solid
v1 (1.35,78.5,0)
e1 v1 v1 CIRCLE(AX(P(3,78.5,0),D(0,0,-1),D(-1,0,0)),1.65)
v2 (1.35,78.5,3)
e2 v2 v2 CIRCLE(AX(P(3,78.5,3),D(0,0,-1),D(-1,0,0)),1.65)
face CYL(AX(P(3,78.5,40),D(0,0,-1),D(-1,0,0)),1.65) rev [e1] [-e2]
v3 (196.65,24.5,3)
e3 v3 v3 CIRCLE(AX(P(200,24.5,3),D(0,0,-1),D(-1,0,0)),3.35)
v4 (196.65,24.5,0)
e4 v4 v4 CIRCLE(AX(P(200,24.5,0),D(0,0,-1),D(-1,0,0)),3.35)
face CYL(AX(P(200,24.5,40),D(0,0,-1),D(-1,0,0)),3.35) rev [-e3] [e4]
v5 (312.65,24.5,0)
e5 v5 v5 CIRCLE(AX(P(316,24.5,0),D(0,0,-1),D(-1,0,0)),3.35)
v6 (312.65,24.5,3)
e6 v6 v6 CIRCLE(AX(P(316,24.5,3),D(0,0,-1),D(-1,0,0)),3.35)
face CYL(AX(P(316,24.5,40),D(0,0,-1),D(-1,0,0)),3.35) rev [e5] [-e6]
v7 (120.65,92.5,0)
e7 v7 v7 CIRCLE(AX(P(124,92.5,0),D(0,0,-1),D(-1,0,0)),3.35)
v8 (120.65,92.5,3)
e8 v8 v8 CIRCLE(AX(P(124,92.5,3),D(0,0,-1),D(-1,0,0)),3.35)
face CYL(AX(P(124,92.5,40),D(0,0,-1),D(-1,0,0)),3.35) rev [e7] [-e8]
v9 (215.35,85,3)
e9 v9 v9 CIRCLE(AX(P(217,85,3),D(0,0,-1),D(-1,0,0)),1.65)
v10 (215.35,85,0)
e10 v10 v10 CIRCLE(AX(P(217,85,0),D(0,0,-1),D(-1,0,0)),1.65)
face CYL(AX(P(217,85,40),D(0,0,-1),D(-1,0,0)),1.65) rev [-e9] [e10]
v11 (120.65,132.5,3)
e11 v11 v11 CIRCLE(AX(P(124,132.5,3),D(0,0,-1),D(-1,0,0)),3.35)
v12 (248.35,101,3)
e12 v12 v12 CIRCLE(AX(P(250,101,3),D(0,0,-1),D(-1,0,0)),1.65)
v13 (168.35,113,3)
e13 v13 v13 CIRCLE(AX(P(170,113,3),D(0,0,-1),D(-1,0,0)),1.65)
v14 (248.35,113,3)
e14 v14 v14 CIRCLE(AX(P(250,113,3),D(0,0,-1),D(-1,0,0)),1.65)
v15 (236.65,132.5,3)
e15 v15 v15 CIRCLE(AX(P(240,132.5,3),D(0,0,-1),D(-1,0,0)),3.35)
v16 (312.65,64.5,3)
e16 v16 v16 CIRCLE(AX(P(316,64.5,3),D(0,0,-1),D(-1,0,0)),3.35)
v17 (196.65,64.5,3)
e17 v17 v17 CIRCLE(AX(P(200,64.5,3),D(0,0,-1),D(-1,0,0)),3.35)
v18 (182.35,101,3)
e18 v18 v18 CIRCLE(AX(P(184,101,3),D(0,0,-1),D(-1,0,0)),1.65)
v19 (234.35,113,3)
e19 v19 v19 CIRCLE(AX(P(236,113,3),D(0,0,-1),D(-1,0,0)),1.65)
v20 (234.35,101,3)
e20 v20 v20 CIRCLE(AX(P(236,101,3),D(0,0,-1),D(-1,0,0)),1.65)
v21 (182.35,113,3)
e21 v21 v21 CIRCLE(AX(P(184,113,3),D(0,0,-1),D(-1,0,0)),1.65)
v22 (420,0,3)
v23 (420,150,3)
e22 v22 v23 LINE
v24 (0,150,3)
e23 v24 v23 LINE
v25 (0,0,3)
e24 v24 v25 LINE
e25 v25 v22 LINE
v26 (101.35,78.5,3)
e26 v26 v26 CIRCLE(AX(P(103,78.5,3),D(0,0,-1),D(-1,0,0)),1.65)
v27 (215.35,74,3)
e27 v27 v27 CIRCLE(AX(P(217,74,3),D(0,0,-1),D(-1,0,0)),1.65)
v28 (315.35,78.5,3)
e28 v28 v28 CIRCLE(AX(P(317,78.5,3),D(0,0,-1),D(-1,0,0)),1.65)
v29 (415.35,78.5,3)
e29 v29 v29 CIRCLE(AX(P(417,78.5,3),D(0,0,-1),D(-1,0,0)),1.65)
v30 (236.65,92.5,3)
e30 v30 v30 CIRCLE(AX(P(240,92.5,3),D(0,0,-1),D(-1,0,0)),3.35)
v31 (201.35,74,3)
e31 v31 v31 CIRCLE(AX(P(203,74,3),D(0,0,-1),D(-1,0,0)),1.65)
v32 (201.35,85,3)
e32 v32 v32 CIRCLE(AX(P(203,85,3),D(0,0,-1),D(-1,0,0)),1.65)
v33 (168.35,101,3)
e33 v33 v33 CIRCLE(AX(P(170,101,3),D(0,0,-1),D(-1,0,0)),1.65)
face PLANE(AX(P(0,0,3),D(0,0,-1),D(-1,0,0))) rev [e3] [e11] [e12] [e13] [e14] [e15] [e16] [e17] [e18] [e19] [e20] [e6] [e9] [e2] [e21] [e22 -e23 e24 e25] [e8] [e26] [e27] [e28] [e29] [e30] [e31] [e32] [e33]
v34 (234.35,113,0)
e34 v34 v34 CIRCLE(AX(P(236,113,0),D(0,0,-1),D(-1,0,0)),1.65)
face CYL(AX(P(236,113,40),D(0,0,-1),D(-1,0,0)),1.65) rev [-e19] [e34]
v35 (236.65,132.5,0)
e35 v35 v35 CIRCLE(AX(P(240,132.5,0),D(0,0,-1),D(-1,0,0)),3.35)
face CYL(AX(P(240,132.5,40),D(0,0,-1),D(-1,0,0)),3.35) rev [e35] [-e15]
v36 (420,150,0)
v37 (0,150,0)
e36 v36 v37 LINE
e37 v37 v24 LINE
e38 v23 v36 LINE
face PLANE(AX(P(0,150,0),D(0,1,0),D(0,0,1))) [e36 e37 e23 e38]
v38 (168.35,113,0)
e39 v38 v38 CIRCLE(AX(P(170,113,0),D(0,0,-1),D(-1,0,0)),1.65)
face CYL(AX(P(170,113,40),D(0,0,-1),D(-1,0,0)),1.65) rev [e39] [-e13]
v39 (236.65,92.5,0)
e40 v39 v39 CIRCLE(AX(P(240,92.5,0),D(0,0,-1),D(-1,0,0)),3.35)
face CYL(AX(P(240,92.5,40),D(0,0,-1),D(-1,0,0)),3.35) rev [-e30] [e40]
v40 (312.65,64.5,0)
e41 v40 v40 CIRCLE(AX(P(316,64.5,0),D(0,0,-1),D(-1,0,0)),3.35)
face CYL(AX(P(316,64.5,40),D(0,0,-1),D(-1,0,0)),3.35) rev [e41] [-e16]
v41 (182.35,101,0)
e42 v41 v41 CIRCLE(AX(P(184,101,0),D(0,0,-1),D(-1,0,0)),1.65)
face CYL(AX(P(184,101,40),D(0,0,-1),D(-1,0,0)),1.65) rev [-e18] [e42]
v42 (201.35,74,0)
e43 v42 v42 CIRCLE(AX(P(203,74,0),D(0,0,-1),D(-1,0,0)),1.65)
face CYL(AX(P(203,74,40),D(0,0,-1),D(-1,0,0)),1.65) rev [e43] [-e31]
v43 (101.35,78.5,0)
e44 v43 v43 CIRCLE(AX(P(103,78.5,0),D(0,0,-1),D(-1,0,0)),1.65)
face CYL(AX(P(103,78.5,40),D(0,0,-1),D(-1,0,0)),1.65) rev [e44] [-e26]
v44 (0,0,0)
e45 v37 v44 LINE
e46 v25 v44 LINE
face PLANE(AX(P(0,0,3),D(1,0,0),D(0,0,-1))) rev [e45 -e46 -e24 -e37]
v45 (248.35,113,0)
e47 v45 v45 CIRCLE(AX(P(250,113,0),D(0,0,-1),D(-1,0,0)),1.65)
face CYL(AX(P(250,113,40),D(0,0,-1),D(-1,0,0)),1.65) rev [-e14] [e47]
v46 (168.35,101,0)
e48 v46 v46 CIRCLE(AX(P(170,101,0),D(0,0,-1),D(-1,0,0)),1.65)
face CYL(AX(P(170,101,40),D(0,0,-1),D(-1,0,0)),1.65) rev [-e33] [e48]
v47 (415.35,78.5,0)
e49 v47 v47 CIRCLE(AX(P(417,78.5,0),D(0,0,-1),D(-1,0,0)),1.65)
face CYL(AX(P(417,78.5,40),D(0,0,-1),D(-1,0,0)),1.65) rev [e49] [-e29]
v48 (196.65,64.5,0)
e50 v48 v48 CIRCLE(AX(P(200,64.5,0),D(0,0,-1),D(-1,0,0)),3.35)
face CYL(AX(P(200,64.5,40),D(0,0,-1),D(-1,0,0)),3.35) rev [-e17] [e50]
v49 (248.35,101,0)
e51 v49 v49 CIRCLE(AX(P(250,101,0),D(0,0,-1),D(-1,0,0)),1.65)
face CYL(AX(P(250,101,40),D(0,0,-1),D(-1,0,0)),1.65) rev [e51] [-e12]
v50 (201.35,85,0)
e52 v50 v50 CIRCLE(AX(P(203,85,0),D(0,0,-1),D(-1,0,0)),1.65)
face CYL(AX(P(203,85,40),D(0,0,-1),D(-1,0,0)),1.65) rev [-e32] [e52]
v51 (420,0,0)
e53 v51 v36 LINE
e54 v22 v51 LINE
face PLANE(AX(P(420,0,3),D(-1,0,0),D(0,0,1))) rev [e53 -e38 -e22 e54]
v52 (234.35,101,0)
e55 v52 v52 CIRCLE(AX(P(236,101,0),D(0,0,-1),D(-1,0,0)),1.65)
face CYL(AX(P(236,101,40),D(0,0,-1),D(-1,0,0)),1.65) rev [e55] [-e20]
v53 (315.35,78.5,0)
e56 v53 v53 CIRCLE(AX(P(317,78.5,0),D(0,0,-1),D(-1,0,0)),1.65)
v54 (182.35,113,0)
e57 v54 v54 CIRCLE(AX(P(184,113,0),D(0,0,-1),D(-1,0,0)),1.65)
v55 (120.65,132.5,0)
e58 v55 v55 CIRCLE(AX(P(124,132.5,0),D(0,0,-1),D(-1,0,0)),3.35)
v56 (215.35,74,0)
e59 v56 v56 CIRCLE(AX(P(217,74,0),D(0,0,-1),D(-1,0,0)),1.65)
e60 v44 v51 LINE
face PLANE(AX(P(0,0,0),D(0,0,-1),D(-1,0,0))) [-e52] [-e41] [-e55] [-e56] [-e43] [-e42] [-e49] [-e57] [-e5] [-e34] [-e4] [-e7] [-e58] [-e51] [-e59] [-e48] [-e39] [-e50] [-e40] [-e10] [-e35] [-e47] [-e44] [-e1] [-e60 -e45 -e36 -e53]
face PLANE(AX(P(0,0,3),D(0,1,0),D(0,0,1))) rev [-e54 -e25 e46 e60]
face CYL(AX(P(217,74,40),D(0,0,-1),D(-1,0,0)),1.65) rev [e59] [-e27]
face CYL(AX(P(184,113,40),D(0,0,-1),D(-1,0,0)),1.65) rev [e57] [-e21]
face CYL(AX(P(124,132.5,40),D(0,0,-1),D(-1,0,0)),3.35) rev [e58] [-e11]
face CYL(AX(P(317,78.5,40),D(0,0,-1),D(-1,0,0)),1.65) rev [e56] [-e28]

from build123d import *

# Parameters (mm, degrees)
SKETCH_2_W          = 420
SKETCH_2_H          = 180
EXTRUDE_1_DEPTH     = 3
SKETCH_3_W          = 420
SKETCH_3_H          = 3
CUT_EXTRUDE_1_DEPTH = 30
SKETCH_4_R          = 1.65
SKETCH_4_R_2        = 3.35
CUT_EXTRUDE_2_DEPTH = 40


with BuildPart() as part:
    # 草图2 → 凸台-拉伸1 (new body)
    with BuildSketch(Plane.XY):
        with Locations((210, 90)):
            Rectangle(SKETCH_2_W, SKETCH_2_H)
    extrude(amount=EXTRUDE_1_DEPTH)

    # 草图3 → 切除-拉伸1 (cut)
    with BuildSketch(Plane(origin=(0, 180, 0), x_dir=(1, 0, 0), z_dir=(0, 1, 0))):
        with Locations((210, -1.5)):
            Rectangle(SKETCH_3_W, SKETCH_3_H)
    extrude(amount=-CUT_EXTRUDE_1_DEPTH, mode=Mode.SUBTRACT)

    # 草图4 → 切除-拉伸2 (cut)
    with BuildSketch(Plane(origin=(0, 0, 0), x_dir=(-1, 0, 0), z_dir=(0, 0, -1))):
        with Locations((-250, 101)):
            Circle(SKETCH_4_R)
        with Locations((-250, 113)):
            Circle(SKETCH_4_R)
        with Locations((-236, 101)):
            Circle(SKETCH_4_R)
        with Locations((-236, 113)):
            Circle(SKETCH_4_R)
        with Locations((-217, 85)):
            Circle(SKETCH_4_R)
        with Locations((-217, 74)):
            Circle(SKETCH_4_R)
        with Locations((-203, 85)):
            Circle(SKETCH_4_R)
        with Locations((-203, 74)):
            Circle(SKETCH_4_R)
        with Locations((-184, 113)):
            Circle(SKETCH_4_R)
        with Locations((-184, 101)):
            Circle(SKETCH_4_R)
        with Locations((-170, 101)):
            Circle(SKETCH_4_R)
        with Locations((-170, 113)):
            Circle(SKETCH_4_R)
        with Locations((-417, 78.5)):
            Circle(SKETCH_4_R)
        with Locations((-317, 78.5)):
            Circle(SKETCH_4_R)
        with Locations((-3, 78.5)):
            Circle(SKETCH_4_R)
        with Locations((-103, 78.5)):
            Circle(SKETCH_4_R)
        with Locations((-316, 64.5)):
            Circle(SKETCH_4_R_2)
        with Locations((-316, 24.5)):
            Circle(SKETCH_4_R_2)
        with Locations((-200, 24.5)):
            Circle(SKETCH_4_R_2)
        with Locations((-200, 64.5)):
            Circle(SKETCH_4_R_2)
        with Locations((-240, 132.5)):
            Circle(SKETCH_4_R_2)
        with Locations((-240, 92.5)):
            Circle(SKETCH_4_R_2)
        with Locations((-124, 132.5)):
            Circle(SKETCH_4_R_2)
        with Locations((-124, 92.5)):
            Circle(SKETCH_4_R_2)
    extrude(amount=-CUT_EXTRUDE_2_DEPTH, mode=Mode.SUBTRACT)


solid = part.part
